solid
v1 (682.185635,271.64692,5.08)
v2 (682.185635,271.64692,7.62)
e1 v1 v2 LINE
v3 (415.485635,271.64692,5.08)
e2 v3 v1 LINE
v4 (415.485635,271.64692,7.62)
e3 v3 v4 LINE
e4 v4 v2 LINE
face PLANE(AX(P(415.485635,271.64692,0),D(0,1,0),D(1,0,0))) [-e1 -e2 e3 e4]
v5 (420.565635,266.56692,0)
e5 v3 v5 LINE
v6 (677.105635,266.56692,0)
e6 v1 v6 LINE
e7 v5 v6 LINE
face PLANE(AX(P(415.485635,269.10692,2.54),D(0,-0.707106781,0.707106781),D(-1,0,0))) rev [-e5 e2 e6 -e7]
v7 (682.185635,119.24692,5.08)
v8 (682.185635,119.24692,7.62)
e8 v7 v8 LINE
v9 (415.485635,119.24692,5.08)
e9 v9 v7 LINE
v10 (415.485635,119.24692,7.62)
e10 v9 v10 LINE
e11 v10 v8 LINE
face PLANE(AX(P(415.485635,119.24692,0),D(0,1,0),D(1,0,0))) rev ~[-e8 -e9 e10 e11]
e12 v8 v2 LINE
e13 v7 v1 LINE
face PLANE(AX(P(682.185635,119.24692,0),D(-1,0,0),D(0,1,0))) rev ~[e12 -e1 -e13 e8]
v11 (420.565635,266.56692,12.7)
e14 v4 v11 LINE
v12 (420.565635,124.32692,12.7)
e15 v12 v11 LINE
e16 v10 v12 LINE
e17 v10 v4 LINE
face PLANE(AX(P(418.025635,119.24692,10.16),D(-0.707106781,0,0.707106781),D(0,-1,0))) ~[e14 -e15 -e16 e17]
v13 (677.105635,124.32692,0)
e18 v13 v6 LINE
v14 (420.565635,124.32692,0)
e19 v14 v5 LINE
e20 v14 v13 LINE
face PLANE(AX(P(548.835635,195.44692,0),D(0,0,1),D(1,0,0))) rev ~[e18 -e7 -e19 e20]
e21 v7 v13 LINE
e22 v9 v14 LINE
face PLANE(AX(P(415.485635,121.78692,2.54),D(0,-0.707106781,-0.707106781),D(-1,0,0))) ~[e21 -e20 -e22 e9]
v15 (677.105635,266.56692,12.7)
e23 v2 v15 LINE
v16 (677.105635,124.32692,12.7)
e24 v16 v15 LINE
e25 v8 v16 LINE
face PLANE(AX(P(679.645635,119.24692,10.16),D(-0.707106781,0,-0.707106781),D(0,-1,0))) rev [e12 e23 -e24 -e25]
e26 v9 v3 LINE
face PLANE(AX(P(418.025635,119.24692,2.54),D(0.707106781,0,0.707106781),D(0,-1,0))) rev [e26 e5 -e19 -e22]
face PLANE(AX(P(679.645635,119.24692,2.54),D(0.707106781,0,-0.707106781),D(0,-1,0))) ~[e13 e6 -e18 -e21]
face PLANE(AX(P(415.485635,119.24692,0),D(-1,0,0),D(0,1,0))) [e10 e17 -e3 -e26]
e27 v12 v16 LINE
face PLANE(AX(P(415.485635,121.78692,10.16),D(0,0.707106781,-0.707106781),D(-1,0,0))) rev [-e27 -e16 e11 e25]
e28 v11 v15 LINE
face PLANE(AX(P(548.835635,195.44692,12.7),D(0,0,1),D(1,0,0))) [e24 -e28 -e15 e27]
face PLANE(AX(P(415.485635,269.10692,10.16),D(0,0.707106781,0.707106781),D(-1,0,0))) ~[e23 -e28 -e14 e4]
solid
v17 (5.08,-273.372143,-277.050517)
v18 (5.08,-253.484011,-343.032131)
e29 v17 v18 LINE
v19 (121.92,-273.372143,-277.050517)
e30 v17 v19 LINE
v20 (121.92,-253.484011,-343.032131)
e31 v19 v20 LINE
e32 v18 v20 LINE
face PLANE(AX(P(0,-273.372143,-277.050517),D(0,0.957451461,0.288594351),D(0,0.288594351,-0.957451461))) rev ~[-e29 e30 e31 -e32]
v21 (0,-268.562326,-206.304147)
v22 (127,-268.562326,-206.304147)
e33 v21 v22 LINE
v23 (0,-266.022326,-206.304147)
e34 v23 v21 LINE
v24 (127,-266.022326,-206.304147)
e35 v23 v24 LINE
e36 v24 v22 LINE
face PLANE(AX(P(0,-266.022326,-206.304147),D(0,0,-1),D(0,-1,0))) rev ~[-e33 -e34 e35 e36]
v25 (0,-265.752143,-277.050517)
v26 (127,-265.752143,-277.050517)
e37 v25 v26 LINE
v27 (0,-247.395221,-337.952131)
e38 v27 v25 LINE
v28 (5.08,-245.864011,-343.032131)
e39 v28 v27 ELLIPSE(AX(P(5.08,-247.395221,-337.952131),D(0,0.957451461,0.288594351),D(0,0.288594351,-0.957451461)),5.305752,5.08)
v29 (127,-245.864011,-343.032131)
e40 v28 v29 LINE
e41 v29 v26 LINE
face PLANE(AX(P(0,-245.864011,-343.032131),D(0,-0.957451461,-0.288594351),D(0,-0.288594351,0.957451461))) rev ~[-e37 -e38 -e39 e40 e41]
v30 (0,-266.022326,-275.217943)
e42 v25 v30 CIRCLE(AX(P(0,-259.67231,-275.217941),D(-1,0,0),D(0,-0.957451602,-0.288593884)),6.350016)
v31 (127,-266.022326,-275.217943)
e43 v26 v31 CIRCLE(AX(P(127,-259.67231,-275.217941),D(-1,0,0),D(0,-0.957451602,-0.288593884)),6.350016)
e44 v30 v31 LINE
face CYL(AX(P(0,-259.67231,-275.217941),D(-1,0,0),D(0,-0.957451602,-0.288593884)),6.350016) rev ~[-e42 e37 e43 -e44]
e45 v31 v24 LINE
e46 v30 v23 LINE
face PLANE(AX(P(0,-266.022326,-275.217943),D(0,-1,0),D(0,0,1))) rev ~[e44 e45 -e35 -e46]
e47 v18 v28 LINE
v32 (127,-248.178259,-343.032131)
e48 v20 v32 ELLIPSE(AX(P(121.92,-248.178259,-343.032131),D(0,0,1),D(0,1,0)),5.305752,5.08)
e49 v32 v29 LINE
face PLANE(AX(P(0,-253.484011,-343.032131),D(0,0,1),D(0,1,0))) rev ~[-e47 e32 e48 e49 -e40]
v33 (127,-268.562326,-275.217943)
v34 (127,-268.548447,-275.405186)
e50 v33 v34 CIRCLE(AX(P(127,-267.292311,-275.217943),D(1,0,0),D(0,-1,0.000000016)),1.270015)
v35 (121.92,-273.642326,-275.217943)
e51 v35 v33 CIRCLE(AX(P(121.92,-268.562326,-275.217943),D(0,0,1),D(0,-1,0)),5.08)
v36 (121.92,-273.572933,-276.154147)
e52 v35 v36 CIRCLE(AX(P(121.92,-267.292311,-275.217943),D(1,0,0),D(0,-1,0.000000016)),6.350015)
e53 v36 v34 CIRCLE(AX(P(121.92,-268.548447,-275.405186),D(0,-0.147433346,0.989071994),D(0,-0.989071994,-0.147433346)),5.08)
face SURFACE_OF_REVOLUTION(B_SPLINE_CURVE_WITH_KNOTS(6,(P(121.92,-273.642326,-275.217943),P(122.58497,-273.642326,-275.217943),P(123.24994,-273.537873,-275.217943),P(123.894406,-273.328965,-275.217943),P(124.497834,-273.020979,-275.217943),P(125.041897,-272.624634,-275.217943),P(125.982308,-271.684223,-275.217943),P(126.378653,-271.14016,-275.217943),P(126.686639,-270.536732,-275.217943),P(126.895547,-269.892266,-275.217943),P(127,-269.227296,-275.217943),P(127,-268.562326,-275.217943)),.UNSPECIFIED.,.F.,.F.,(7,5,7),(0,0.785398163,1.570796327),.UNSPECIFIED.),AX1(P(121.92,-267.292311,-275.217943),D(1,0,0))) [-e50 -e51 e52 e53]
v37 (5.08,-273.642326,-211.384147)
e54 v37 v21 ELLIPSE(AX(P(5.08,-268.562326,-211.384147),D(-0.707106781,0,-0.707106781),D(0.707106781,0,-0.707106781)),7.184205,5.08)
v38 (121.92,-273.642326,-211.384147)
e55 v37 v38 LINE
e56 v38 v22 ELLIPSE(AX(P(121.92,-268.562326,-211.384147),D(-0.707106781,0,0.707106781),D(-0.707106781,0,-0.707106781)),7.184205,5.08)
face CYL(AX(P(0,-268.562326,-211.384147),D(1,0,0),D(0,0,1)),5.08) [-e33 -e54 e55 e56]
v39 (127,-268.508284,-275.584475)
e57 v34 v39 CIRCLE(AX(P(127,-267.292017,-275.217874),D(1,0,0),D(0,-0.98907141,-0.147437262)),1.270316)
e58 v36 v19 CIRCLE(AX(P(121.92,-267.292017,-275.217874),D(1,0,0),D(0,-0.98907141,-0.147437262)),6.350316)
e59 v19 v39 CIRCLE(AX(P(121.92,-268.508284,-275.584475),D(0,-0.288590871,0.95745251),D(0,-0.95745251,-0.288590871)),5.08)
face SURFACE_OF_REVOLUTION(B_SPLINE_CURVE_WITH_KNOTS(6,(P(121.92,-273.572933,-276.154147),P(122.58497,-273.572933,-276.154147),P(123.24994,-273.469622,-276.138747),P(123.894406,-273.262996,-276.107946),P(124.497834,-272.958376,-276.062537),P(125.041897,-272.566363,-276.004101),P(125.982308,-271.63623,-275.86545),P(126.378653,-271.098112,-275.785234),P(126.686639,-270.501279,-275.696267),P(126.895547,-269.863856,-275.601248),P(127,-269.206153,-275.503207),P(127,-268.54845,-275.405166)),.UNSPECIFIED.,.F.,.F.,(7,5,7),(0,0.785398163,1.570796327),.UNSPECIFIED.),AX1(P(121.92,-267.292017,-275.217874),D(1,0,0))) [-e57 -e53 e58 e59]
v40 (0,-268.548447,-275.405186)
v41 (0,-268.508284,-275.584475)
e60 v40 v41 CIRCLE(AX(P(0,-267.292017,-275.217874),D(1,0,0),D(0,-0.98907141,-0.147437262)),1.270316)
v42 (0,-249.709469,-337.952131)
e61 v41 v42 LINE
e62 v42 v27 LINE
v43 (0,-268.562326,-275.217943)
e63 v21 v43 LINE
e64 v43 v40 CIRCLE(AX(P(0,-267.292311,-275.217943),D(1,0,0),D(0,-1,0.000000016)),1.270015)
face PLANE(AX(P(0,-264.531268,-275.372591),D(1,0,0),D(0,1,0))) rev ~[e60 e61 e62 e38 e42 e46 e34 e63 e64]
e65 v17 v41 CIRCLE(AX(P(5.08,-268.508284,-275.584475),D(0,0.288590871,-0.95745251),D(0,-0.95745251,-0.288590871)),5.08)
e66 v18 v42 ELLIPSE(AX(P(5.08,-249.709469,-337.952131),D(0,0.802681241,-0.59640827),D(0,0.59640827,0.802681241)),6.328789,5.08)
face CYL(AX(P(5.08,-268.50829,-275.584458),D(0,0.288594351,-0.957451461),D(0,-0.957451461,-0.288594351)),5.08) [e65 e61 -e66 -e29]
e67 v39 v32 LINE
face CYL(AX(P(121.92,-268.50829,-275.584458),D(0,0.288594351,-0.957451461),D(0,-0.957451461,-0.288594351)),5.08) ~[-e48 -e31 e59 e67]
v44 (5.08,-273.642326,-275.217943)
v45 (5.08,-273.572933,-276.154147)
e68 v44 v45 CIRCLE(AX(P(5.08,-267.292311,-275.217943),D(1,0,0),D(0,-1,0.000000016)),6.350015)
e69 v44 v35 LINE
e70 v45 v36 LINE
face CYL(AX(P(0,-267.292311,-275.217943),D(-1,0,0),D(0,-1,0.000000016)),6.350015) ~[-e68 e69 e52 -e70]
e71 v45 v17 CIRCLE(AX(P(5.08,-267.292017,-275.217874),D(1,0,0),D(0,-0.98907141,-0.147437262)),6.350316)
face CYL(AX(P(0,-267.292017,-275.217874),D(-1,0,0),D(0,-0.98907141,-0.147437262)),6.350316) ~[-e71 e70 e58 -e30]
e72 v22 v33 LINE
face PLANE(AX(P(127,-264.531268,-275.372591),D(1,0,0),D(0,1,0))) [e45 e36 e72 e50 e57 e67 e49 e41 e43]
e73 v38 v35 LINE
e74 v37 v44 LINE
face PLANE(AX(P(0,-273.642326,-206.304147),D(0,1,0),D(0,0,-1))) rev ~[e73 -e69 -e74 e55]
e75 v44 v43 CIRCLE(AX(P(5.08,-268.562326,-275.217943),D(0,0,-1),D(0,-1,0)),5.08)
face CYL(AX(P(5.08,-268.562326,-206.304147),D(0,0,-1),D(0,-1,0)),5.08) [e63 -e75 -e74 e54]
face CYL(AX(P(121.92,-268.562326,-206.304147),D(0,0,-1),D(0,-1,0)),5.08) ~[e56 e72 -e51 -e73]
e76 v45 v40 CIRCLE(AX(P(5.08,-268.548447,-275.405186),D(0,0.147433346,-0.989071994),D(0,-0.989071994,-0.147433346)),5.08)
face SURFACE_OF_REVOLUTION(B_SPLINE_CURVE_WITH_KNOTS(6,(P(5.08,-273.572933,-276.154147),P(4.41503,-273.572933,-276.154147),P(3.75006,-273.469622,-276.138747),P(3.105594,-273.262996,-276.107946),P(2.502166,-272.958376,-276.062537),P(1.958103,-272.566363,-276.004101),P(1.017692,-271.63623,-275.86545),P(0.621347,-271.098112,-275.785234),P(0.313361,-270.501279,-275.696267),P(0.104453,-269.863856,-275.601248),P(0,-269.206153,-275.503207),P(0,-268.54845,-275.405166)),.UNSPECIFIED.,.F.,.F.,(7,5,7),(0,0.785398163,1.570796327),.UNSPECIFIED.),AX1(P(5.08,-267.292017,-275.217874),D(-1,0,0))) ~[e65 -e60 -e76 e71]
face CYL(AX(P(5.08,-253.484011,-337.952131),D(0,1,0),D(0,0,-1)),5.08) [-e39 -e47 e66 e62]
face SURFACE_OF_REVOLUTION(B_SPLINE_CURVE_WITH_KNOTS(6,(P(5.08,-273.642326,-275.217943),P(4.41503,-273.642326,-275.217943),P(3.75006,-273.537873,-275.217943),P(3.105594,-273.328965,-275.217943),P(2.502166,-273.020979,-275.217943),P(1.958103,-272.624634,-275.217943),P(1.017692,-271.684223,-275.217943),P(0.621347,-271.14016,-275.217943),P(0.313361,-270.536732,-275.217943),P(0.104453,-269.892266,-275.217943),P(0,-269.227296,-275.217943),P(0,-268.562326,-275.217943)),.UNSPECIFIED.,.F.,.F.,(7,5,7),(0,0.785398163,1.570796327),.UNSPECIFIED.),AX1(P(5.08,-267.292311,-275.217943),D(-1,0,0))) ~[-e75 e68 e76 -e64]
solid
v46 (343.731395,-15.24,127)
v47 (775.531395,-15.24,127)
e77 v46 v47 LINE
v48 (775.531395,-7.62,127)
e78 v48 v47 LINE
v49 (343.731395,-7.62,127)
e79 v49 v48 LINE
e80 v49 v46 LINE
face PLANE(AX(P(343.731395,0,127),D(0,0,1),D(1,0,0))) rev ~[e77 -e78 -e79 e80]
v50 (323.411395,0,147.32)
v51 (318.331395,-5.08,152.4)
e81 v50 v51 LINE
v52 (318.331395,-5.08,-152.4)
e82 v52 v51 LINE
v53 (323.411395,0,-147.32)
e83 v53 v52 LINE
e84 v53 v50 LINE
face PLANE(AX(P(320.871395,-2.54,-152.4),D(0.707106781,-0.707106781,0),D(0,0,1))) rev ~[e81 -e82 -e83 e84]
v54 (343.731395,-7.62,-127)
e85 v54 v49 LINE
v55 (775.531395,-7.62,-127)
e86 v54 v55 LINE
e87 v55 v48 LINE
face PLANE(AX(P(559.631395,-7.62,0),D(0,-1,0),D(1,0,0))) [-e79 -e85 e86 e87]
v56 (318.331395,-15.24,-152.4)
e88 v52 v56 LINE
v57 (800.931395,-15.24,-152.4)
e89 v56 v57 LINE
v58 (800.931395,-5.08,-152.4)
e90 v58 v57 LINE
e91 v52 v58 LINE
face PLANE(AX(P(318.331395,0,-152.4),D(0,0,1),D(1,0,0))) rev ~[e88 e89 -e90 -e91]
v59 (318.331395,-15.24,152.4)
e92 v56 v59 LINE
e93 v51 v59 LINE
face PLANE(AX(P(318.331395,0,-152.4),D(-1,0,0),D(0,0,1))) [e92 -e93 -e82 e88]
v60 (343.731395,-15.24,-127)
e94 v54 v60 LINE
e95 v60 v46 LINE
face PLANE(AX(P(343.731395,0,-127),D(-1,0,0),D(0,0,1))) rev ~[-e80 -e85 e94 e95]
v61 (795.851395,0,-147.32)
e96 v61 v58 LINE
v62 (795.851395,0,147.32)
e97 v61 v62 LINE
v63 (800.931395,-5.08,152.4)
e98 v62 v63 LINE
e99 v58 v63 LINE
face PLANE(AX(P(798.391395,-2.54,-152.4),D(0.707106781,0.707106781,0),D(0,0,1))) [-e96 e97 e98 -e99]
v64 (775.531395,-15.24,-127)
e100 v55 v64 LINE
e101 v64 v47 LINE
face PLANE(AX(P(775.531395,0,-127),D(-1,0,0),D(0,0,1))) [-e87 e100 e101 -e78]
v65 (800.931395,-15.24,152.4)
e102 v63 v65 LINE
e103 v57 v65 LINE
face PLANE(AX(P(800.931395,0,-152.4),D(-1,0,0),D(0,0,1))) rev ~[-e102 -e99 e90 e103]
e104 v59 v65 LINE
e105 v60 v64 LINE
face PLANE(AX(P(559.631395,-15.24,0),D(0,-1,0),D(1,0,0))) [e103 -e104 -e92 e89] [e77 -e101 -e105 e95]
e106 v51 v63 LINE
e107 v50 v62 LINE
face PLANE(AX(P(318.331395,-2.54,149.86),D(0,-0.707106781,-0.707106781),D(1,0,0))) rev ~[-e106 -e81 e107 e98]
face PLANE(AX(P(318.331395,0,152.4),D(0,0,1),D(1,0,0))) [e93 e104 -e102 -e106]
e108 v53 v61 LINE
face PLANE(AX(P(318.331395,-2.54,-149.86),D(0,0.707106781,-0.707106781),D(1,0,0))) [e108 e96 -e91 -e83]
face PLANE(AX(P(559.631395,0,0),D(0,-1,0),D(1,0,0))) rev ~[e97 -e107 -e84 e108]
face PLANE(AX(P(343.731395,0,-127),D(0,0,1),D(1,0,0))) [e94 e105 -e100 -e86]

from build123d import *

# Parameters (mm, degrees)
F0_W      = 482.6
F0_H      = 304.8
F0_W_2    = 431.8
F0_H_2    = 254
F1_DEPTH  = 15.24
F2_DEPTH  = 7.62
F3_W      = 266.7
F3_H      = 152.4
F4_DEPTH  = 12.7
F5_SIZE   = 5.08
F5_2_SIZE = 5.08
F7_DEPTH  = 127
F8_R      = 5.08


with BuildPart() as f1:
    # F0 (on Front) → F1 (new body)
    with BuildSketch(Plane.XZ):
        with Locations((559.631395, 0)):
            Rectangle(F0_W, F0_H)
        with Locations((559.631395, 0)):
            Rectangle(F0_W_2, F0_H_2, mode=Mode.SUBTRACT)
    extrude(amount=F1_DEPTH)

    # F0 (on Front) → F2 (join)
    with BuildSketch(Plane.XZ):
        with Locations((559.631395, 0)):
            Rectangle(F0_W_2, F0_H_2)
    extrude(amount=F2_DEPTH)

    # F5#2
    f5_2_edges = [f1.edges().sort_by_distance(p)[0] for p in [
        (318.331395, 0, 0),
        (559.631395, 0, -152.4),
        (800.931395, 0, 0),
        (559.631395, 0, 152.4),
    ]]
    chamfer(f5_2_edges, length=F5_2_SIZE)


with BuildPart() as f4:
    # F3 (on Top) → F4 (new body)
    with BuildSketch(Plane.XY):
        with Locations((548.835635, 195.44692)):
            Rectangle(F3_W, F3_H)
    extrude(amount=F4_DEPTH)

    # F5
    f5_edges = [f4.edges().sort_by_distance(p)[0] for p in [
        (548.835635, 271.64692, 0),
        (548.835635, 271.64692, 12.7),
        (415.485635, 195.44692, 0),
        (415.485635, 195.44692, 12.7),
        (682.185635, 195.44692, 0),
        (682.185635, 195.44692, 12.7),
        (548.835635, 119.24692, 12.7),
        (548.835635, 119.24692, 0),
    ]]
    chamfer(f5_edges, length=F5_SIZE)


with BuildPart() as f7:
    # F6 (on Right) → F7 (new body)
    with BuildSketch(Plane.YZ):
        with BuildLine():
            Line((-266.022326, -275.217943), (-266.022326, -206.304147))
            Line((-266.022326, -206.304147), (-273.642326, -206.304147))
            Line((-273.642326, -206.304147), (-273.642326, -275.217943))
            ThreePointArc((-273.642326, -275.217943), (-273.624954, -275.687329), (-273.572933, -276.154147))
            ThreePointArc((-273.572933, -276.154147), (-273.488767, -276.605967), (-273.372143, -277.050517))
            Line((-273.372143, -277.050517), (-253.484011, -343.032131))
            Line((-253.484011, -343.032131), (-245.864011, -343.032131))
            Line((-245.864011, -343.032131), (-265.752143, -277.050517))
            ThreePointArc((-265.752143, -277.050517), (-265.954417, -276.144135), (-266.022326, -275.217943))
        make_face()
    extrude(amount=F7_DEPTH)

    # F8
    f8_edges = [f7.edges().sort_by_distance(p)[0] for p in [
        (0, -249.674011, -343.032131),
        (0, -263.428077, -310.041324),
        (127, -273.642326, -240.761045),
        (63.5, -273.642326, -206.304147),
        (63.5, -273.642326, -275.217943),
    ]]
    fillet(f8_edges, radius=F8_R)


solid = Compound([f1.part, f4.part, f7.part])
